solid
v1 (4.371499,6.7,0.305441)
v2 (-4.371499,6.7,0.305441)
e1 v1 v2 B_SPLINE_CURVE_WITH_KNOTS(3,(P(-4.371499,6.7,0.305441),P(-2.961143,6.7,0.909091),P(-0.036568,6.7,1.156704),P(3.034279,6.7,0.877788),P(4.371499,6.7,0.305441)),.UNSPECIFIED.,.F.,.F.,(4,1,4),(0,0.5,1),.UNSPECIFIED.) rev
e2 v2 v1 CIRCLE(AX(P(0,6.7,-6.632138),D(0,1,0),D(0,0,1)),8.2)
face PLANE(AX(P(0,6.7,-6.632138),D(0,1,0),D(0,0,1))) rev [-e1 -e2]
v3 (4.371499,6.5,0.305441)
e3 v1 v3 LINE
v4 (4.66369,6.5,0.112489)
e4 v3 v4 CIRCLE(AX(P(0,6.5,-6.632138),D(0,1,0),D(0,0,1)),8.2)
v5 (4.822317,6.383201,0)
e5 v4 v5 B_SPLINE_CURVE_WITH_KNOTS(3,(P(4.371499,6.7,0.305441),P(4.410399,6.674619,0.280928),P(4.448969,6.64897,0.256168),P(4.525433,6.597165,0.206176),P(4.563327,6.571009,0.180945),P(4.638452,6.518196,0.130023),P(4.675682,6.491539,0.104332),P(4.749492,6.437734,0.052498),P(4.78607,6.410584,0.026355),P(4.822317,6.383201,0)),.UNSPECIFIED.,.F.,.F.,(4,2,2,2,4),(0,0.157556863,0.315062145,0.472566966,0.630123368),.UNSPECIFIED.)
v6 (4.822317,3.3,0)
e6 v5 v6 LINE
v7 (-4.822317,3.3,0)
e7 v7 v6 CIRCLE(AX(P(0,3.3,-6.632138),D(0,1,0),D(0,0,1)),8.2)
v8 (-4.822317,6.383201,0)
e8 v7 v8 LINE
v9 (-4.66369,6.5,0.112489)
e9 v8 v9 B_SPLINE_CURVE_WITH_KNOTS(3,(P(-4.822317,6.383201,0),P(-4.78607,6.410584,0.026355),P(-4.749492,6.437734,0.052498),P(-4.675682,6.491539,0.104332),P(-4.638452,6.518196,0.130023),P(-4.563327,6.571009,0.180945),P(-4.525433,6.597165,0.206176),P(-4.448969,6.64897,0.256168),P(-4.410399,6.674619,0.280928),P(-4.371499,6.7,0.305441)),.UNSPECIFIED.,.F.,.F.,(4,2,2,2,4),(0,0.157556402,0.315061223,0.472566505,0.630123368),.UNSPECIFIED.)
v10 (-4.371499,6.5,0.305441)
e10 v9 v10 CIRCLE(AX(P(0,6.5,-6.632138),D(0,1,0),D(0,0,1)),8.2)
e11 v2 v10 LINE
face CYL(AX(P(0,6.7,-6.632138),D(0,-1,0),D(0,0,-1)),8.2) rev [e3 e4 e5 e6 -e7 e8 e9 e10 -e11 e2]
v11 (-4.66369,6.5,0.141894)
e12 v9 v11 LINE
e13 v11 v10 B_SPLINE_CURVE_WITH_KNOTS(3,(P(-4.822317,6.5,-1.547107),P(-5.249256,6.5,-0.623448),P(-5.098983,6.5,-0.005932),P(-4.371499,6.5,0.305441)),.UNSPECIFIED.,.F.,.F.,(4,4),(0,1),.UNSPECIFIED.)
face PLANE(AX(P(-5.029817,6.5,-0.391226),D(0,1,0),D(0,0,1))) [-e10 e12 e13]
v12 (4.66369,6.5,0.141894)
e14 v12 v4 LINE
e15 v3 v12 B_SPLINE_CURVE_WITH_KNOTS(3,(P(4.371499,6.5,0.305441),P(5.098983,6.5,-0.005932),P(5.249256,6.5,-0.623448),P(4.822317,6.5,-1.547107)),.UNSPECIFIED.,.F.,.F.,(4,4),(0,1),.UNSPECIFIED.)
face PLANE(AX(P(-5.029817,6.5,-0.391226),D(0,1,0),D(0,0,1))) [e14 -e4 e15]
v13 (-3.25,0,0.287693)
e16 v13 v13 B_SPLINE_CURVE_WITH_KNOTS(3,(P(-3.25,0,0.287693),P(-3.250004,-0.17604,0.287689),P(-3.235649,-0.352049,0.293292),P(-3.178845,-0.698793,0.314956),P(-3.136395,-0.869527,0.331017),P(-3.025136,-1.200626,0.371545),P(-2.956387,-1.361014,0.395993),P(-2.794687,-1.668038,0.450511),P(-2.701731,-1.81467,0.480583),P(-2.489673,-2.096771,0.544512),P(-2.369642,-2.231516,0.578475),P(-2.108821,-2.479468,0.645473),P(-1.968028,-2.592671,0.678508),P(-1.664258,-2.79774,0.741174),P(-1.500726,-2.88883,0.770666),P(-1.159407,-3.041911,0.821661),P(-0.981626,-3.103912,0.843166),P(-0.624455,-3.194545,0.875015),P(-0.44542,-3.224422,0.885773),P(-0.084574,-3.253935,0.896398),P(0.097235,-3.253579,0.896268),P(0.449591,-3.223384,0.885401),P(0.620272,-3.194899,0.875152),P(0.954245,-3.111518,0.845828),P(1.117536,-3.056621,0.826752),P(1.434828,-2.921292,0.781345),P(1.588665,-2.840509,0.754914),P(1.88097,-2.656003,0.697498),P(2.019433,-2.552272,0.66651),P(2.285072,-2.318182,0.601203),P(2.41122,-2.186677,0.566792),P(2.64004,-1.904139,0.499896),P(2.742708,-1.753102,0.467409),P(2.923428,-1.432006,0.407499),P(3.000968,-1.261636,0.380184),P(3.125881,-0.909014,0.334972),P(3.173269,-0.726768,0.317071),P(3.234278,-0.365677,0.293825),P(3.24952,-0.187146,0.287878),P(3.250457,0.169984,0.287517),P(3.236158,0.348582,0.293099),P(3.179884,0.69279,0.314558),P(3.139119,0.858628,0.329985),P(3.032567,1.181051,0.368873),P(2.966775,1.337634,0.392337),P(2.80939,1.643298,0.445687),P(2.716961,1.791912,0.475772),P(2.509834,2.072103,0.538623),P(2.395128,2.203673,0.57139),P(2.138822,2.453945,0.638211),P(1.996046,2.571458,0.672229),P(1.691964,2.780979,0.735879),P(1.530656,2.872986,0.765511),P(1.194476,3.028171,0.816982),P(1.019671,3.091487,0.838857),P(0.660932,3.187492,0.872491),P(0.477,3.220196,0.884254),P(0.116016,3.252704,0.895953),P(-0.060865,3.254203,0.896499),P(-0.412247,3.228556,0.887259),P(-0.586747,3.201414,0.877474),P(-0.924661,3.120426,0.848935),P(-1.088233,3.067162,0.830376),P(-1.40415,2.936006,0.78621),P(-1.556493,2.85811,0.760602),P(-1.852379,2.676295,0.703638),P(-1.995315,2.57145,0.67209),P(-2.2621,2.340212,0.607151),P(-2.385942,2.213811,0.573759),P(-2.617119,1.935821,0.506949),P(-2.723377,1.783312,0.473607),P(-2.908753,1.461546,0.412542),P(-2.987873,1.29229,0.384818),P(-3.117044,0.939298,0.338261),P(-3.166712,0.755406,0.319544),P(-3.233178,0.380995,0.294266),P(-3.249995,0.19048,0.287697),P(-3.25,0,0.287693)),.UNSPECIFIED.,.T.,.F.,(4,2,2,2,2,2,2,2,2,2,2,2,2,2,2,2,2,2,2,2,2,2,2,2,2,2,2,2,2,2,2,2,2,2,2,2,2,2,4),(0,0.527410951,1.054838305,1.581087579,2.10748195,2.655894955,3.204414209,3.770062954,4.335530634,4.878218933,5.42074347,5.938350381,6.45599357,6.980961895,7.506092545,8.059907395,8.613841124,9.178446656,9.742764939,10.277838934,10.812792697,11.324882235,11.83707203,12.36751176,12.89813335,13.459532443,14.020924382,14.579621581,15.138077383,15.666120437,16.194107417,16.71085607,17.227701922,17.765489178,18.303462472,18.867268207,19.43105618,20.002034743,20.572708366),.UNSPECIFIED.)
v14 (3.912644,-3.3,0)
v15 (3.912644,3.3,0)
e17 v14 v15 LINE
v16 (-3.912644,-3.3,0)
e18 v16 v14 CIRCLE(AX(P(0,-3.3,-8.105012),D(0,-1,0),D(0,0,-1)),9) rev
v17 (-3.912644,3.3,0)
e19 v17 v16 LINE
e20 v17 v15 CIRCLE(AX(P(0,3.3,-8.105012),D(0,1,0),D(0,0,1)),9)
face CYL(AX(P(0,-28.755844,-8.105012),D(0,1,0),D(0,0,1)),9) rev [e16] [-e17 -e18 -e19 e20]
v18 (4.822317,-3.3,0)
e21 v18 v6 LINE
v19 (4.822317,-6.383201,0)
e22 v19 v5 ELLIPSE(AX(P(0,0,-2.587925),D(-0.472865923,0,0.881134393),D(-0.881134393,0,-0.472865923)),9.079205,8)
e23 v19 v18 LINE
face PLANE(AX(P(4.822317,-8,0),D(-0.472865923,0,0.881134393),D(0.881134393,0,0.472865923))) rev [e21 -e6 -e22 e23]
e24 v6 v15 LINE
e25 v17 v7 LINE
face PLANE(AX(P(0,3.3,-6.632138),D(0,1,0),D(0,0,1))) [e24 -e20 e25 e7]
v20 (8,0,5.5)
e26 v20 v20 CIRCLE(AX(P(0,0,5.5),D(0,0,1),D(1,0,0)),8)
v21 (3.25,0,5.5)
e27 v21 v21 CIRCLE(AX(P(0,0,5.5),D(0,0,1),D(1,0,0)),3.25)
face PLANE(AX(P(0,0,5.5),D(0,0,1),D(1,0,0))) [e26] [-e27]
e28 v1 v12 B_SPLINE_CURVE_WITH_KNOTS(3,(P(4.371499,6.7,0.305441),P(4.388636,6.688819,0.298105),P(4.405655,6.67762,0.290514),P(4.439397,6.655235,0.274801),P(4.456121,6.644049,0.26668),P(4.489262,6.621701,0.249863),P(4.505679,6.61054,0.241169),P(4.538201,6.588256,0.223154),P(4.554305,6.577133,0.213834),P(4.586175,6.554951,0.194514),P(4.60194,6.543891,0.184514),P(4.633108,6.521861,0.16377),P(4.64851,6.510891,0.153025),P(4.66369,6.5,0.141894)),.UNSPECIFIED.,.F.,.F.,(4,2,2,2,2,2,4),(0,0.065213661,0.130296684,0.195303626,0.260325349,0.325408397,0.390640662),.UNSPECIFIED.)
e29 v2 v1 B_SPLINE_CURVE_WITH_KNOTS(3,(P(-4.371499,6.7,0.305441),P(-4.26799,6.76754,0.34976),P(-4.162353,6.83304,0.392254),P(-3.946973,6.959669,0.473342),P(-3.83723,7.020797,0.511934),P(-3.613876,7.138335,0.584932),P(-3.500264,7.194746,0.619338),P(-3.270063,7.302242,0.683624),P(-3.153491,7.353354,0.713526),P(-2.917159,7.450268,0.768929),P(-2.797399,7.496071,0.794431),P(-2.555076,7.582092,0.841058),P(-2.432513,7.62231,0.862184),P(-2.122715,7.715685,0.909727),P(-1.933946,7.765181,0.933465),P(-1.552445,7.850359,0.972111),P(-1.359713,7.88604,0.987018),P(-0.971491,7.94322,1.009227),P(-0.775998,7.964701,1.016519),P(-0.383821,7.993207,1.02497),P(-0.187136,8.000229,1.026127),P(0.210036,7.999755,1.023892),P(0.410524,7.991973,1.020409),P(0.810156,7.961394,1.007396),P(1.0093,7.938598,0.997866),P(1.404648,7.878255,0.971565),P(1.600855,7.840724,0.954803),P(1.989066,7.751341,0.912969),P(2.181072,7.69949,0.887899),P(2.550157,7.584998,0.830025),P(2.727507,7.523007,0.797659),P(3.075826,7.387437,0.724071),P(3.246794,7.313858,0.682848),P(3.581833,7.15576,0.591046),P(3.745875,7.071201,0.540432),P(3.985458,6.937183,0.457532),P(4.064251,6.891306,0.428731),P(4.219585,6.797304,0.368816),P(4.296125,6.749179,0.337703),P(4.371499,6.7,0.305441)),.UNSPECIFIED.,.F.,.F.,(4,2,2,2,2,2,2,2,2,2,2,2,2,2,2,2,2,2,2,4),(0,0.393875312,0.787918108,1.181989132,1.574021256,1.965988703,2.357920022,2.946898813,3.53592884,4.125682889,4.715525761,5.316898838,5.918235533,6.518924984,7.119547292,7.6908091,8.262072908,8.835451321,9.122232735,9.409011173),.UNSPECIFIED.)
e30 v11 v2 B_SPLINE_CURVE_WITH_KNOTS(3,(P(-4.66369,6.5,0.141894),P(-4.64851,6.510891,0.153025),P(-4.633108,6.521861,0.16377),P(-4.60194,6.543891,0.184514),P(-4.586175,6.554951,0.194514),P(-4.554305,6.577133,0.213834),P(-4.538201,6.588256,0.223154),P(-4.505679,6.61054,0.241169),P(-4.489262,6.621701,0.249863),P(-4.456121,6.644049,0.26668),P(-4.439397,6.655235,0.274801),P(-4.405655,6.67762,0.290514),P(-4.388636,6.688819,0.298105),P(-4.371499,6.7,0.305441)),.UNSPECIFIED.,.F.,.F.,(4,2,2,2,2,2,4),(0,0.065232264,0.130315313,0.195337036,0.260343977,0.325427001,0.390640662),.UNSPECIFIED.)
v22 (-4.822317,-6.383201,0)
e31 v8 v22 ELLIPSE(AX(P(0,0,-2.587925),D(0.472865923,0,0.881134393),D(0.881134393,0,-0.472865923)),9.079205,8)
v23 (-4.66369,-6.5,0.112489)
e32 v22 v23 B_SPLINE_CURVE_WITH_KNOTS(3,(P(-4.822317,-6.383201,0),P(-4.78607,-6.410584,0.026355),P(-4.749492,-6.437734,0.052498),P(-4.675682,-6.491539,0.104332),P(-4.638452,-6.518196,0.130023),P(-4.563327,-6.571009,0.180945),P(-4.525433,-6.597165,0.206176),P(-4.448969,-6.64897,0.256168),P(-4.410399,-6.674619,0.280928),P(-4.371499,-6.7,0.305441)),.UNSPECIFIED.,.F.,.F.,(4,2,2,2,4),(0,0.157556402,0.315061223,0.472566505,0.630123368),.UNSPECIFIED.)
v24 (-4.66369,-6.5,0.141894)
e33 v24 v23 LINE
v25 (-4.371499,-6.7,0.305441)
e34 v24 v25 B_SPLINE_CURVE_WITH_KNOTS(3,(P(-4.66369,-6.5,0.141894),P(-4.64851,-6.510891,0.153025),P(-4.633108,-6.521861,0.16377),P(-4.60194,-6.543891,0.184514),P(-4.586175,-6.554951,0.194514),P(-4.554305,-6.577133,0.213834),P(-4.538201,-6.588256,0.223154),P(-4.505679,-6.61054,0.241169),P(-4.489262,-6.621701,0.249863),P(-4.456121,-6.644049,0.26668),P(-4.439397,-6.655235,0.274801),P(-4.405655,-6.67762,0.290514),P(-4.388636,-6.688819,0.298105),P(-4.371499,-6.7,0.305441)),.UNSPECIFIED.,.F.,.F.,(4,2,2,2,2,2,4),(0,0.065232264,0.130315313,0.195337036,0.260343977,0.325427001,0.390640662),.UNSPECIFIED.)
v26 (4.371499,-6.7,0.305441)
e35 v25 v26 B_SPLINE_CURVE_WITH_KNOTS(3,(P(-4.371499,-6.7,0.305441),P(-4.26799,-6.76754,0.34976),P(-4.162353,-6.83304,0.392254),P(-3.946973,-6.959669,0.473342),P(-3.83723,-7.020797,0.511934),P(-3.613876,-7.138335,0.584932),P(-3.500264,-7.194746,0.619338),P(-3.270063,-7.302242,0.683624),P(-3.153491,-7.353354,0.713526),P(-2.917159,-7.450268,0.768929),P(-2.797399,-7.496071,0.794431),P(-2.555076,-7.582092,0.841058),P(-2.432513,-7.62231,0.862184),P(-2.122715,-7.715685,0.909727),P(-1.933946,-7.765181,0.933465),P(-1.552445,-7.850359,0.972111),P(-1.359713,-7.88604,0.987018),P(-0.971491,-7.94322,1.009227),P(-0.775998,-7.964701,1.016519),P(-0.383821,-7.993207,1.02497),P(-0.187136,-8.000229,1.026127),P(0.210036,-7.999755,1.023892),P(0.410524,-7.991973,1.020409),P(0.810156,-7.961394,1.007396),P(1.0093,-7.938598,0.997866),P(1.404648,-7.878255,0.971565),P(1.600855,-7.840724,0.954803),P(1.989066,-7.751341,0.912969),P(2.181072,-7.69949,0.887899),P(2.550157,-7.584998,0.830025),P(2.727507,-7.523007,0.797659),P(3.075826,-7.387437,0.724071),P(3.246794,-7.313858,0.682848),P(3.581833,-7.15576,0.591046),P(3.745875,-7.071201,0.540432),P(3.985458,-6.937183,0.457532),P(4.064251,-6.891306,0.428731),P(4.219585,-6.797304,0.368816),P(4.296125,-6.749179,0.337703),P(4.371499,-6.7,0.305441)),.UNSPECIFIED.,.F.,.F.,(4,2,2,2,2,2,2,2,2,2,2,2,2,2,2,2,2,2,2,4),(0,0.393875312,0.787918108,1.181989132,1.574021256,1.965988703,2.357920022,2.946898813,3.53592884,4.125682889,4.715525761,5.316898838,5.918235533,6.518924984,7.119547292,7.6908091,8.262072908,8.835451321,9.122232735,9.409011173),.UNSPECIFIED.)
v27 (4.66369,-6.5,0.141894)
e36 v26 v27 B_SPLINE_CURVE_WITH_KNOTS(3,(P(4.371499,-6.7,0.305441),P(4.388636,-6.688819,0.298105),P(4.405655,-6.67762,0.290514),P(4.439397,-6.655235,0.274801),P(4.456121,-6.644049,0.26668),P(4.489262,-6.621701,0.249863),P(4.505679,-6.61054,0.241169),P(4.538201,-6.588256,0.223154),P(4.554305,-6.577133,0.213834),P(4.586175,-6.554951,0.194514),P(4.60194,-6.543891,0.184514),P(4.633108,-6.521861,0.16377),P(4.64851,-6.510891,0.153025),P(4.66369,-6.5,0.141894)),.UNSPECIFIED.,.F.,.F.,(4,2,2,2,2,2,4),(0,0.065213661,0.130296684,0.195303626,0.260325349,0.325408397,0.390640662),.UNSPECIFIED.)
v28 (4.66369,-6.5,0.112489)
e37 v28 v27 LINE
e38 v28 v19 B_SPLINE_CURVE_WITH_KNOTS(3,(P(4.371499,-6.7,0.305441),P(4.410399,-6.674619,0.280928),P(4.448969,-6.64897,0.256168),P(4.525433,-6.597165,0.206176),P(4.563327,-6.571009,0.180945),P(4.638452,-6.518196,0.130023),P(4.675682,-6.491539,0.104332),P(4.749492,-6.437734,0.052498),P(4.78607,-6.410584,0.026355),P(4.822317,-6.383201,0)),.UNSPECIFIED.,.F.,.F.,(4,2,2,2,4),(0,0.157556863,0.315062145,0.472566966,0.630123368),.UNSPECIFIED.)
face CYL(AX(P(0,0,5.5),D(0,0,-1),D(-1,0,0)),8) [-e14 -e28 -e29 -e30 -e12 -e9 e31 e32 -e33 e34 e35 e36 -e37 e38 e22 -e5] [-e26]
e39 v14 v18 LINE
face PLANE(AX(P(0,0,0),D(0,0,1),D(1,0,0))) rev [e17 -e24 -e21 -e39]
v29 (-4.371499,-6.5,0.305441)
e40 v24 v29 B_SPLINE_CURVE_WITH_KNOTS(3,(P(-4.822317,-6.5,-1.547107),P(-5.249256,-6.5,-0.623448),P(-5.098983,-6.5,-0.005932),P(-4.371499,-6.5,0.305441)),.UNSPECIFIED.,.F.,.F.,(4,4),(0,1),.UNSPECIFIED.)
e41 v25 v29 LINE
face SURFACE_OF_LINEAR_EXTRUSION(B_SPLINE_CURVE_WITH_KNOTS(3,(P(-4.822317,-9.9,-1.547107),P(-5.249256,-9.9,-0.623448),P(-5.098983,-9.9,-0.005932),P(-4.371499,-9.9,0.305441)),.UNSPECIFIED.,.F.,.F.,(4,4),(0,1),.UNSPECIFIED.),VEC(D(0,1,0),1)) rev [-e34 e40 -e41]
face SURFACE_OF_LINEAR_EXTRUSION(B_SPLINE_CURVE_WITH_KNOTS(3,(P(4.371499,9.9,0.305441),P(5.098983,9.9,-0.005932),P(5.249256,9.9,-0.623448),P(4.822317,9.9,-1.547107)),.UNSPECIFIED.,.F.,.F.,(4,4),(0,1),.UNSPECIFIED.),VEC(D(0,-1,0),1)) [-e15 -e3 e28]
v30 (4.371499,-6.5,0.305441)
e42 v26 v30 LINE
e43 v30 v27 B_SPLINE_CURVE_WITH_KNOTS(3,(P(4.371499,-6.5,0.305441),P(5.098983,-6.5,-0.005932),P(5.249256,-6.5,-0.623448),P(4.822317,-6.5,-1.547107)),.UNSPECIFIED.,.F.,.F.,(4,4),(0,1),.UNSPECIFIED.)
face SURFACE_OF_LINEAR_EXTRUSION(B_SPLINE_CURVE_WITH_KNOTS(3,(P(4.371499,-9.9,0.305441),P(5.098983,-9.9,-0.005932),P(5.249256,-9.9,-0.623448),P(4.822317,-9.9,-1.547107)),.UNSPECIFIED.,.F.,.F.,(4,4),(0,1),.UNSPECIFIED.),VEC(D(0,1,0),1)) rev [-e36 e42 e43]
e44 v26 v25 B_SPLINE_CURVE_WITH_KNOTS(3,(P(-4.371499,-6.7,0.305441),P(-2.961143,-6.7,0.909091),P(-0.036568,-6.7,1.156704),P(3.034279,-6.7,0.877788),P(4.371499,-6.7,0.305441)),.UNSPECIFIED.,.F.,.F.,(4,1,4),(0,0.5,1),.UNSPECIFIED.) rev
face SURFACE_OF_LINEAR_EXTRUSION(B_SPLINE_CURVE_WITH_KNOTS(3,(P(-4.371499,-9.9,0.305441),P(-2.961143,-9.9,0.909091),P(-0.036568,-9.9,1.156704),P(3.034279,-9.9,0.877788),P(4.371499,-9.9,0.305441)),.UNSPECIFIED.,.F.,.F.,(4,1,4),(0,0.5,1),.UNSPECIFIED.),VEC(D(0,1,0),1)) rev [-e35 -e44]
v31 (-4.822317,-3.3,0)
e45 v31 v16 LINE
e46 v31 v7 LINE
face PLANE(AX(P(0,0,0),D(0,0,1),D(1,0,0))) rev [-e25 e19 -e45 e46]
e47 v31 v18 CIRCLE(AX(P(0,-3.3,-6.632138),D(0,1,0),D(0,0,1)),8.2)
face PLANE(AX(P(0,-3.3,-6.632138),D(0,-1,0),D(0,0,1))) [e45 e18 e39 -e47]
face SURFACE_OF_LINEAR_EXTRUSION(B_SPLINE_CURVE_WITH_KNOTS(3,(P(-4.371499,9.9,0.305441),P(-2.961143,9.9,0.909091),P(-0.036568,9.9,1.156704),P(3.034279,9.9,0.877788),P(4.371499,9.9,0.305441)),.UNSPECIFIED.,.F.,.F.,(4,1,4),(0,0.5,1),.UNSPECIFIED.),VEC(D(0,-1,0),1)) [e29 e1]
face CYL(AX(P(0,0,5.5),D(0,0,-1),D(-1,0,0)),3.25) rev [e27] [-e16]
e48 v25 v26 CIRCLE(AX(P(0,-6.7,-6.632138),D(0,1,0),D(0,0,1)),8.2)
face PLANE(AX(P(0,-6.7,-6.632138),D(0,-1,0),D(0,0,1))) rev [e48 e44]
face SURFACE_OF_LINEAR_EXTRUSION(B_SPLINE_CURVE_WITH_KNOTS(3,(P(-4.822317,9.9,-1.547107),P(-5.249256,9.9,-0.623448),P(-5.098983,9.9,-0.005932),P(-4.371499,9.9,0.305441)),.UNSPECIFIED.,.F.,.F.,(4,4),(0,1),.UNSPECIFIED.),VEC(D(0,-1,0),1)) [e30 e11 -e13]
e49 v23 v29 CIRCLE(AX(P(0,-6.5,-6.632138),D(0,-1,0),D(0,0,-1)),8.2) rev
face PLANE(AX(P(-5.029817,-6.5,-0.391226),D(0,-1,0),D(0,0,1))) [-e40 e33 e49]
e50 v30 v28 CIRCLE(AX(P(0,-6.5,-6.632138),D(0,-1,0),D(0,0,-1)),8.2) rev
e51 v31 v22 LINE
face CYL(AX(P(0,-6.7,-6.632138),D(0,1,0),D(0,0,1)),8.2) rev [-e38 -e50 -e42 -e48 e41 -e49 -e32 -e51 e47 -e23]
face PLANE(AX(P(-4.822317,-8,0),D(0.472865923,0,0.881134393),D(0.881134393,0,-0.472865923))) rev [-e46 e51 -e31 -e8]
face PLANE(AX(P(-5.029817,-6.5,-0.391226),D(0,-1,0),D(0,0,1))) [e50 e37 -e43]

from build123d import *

# Parameters (mm, degrees)
CROQUIS1_R                 = 8
CROQUIS1_R_2               = 3.25
SALIENTE_EXTRUIR1_DEPTH    = 5.5
CORTAR_EXTRUIR1_START      = -3.2
CROQUIS3_R                 = 8.2
CORTAR_EXTRUIR1_DEPTH      = 3.4
CORTAR_EXTRUIR2_DEPTH      = 3.4
CORTAR_EXTRUIR3_REACH      = 16.898
CROQUIS5_R                 = 9
CORTAR_EXTRUIR4_DEPTH      = 13.579745796
CORTAR_EXTRUIR4_DEPTH_BACK = 13.579745796


with BuildPart() as part:
    # Croquis1 → Saliente-Extruir1 (new body)
    with BuildSketch(Plane.XY):
        Circle(CROQUIS1_R)
        Circle(CROQUIS1_R_2, mode=Mode.SUBTRACT)
    extrude(amount=SALIENTE_EXTRUIR1_DEPTH)

    # Croquis3 → Cortar-Extruir1 (cut)
    with BuildSketch(Plane(origin=(0, 6.5, 0), x_dir=(1, 0, 0), z_dir=(0, 1, 0)).offset(CORTAR_EXTRUIR1_START)):
        with Locations((0, 6.632138172)):
            Circle(CROQUIS3_R)
    cortar_extruir1 = extrude(amount=CORTAR_EXTRUIR1_DEPTH, mode=Mode.SUBTRACT)

    # Croquis4 → Cortar-Extruir2 (cut)
    with BuildSketch(Plane(origin=(0, 6.5, 0), x_dir=(1, 0, 0), z_dir=(0, 1, 0))):
        with BuildLine():
            Line((-4.82231721, 1.547107411), (4.82231721, 1.547107411))
            add(Edge.make_bspline(
                [(4.371498599, -0.305440656), (5.098983206, 0.005932333), (5.249256077, 0.623448355), (4.82231721, 1.547107411)],
                knots=[0, 0, 0, 0, 1, 1, 1, 1], degree=3))
            add(Edge.make_bspline(
                [(-4.371498599, -0.305440656), (-2.961142952, -0.90909144), (-0.0365681, -1.156703774), (3.034279152, -0.877788184), (4.371498599, -0.305440656)],
                knots=[0, 0, 0, 0, 0.5, 1, 1, 1, 1], degree=3))
            add(Edge.make_bspline(
                [(-4.371498599, -0.305440656), (-5.098983206, 0.005932333), (-5.249256077, 0.623448355), (-4.82231721, 1.547107411)],
                knots=[0, 0, 0, 0, 1, 1, 1, 1], degree=3))
        make_face()
    cortar_extruir2 = extrude(amount=CORTAR_EXTRUIR2_DEPTH, mode=Mode.SUBTRACT)

    # Simetría1: Cortar-Extruir1, Cortar-Extruir2 across plane
    add(cortar_extruir1.mirror(Plane.ZX), mode=Mode.SUBTRACT)
    add(cortar_extruir2.mirror(Plane.ZX), mode=Mode.SUBTRACT)

    # Cortar-Extruir3: up to this face of the body (flat: up to its plane)
    cortar_extruir3_end = Plane(part.part.faces().sort_by_distance((0, -3.3, 0.632585689))[0])
    # Croquis5 → Cortar-Extruir3 (cut, up to the picked face)
    with BuildSketch(Plane(origin=(0, 3.3, 0), x_dir=(1, 0, 0), z_dir=(0, 1, 0)), mode=Mode.PRIVATE) as cortar_extruir3_sk1:
        with Locations((0, 8.105012001)):
            Circle(CROQUIS5_R)
    cortar_extruir3_tool1 = split(extrude(cortar_extruir3_sk1.sketch, amount=-CORTAR_EXTRUIR3_REACH, mode=Mode.PRIVATE), bisect_by=cortar_extruir3_end, keep=Keep.BOTH, mode=Mode.PRIVATE)
    add(cortar_extruir3_tool1.solids().sort_by(Axis((0, 3.3, -8.105012), (0, -1, 0)))[0], mode=Mode.SUBTRACT)

    # Croquis6 → Cortar-Extruir4 (cut, two sides: drawn at the far end of the back side and taken through both)
    with BuildSketch(Plane(origin=(0, 0, 0), x_dir=(1, 0, 0), z_dir=(0, 1, 0)).offset(-CORTAR_EXTRUIR4_DEPTH_BACK)):
        Polygon((-4.82231721, 0), (-8.482103493, -1.964045705), (-8.482103493, 2.868930537), (8.482103493, 2.868930537), (8.482103493, -1.964045705), (4.82231721, 0), (4.82231721, 1.250339437), (-4.82231721, 1.250339437), align=None)
    extrude(amount=CORTAR_EXTRUIR4_DEPTH + CORTAR_EXTRUIR4_DEPTH_BACK, mode=Mode.SUBTRACT)


solid = part.part
